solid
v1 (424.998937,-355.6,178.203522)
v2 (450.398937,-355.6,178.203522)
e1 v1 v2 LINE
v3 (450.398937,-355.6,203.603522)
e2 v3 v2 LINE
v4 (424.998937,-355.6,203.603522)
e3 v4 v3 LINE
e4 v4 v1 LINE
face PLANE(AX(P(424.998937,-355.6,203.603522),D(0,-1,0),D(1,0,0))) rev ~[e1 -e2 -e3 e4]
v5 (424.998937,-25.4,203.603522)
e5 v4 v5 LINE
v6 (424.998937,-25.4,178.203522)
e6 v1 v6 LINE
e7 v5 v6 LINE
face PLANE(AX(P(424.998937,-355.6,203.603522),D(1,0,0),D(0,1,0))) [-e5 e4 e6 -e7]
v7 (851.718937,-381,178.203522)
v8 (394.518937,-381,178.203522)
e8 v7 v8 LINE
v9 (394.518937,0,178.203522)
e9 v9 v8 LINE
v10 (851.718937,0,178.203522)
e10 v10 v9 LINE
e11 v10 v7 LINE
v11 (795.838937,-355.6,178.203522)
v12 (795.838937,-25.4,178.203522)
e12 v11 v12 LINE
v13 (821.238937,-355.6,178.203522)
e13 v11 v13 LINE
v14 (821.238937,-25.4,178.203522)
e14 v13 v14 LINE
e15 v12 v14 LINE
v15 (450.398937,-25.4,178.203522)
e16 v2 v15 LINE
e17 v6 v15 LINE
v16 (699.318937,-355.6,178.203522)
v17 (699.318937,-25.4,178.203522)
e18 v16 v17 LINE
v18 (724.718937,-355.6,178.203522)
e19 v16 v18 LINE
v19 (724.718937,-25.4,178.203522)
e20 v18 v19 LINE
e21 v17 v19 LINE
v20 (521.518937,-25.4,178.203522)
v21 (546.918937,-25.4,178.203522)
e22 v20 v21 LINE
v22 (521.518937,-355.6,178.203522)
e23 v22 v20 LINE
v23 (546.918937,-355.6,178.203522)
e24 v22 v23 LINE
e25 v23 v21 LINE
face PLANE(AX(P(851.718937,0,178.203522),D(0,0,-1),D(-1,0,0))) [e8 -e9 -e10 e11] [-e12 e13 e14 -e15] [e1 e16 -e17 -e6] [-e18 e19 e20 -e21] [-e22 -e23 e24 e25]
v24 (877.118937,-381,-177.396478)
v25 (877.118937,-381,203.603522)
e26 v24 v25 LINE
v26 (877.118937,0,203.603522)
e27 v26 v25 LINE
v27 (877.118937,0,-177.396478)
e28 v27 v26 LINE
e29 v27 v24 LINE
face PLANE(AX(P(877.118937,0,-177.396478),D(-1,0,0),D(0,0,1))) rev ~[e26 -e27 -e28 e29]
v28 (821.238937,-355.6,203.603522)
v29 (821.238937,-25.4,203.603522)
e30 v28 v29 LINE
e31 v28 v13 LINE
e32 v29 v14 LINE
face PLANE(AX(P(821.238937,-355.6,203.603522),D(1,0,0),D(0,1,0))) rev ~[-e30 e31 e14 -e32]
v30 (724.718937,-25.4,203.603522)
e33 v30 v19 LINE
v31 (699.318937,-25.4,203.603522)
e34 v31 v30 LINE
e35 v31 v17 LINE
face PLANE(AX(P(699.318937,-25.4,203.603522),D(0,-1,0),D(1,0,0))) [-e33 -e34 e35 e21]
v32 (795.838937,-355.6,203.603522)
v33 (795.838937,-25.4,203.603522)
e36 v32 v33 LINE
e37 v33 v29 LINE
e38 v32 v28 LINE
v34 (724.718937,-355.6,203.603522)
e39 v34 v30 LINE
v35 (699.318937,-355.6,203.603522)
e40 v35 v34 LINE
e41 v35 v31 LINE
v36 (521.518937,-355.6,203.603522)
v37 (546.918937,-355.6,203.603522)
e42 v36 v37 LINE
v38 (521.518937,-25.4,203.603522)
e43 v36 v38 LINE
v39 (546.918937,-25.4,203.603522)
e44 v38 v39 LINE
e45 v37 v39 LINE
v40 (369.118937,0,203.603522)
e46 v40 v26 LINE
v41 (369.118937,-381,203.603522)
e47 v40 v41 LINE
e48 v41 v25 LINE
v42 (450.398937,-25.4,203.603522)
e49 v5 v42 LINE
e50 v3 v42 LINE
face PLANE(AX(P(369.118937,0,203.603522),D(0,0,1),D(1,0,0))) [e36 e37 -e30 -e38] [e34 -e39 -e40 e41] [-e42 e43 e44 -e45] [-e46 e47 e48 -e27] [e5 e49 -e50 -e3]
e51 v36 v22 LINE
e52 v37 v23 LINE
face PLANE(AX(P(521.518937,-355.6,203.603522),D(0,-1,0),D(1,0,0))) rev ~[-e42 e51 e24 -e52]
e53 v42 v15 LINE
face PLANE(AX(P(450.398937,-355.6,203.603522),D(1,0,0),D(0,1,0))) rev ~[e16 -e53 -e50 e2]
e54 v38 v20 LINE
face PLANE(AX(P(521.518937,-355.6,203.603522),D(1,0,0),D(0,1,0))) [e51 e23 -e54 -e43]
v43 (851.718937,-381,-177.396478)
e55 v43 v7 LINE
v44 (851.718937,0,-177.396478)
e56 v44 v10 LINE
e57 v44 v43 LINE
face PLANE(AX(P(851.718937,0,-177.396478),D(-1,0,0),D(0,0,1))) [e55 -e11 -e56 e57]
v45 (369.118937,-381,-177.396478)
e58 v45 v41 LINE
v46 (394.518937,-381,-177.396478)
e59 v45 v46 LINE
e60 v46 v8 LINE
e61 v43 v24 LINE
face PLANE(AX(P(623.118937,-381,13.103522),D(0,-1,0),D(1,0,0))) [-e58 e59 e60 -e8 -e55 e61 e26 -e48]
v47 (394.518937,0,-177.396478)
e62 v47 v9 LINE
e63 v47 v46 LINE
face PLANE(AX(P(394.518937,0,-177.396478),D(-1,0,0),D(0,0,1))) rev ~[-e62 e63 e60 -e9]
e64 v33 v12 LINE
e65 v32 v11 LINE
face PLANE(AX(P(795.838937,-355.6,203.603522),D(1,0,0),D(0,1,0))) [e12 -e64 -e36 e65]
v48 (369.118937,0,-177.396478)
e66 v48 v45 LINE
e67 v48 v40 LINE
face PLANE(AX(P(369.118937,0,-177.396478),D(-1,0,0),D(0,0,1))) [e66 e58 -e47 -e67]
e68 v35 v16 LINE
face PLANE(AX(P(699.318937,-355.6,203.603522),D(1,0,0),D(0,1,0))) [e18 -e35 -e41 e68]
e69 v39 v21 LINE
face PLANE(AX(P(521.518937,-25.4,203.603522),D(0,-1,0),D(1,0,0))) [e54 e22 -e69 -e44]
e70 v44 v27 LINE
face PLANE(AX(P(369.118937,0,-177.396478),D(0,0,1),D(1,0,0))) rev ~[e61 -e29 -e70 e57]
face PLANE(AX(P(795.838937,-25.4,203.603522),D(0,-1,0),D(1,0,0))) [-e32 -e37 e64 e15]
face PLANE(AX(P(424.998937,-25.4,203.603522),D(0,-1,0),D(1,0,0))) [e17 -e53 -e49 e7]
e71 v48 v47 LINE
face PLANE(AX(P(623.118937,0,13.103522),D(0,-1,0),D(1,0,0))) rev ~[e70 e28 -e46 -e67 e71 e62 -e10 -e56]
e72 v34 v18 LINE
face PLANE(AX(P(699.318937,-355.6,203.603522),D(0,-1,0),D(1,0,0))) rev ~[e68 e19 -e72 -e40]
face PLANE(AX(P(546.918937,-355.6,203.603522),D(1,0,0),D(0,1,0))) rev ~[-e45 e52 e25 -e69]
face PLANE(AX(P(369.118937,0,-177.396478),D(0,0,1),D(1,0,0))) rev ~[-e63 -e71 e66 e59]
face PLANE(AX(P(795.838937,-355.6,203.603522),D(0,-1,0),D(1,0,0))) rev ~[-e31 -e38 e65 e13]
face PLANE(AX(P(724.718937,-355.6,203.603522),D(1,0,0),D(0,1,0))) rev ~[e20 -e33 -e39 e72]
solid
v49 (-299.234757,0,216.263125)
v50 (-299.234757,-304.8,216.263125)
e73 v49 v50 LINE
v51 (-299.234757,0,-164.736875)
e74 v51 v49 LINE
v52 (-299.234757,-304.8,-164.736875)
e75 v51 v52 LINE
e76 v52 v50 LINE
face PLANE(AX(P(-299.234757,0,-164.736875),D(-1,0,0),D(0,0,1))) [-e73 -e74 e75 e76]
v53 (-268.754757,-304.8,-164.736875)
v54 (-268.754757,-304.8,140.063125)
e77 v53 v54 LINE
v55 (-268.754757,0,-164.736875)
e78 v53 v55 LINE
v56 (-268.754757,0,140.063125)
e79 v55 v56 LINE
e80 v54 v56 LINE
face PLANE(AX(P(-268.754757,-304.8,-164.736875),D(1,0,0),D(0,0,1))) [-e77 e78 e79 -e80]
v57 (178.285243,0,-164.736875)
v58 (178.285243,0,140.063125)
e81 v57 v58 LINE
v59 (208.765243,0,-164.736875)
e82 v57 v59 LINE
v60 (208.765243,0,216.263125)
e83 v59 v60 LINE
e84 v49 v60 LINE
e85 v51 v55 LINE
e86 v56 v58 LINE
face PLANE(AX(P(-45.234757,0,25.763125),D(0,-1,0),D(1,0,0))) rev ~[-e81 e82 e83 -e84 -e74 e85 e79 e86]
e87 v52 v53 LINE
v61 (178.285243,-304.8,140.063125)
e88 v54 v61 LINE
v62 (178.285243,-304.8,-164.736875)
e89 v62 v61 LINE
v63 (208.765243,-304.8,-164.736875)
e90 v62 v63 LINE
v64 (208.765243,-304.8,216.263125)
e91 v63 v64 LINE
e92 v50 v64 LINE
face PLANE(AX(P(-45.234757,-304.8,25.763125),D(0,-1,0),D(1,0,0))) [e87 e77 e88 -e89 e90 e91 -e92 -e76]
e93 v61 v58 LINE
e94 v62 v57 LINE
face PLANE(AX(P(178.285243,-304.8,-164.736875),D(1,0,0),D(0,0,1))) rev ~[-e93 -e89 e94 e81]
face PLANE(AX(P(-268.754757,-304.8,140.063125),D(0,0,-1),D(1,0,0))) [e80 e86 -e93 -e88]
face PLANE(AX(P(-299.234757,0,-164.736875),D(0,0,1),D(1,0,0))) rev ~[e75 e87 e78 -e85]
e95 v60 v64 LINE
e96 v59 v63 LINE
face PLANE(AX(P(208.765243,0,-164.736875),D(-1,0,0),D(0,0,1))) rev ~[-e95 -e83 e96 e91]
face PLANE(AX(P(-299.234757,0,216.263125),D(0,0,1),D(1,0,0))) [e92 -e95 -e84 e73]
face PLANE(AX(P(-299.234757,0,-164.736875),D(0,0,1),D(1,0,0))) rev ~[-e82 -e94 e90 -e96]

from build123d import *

# Parameters (mm, degrees)
F0_W     = 508
F0_H     = 381
F1_DEPTH = 304.8
F2_W     = 447.04
F2_H     = 304.8
F3_DEPTH = 304.8
F4_W     = 508
F4_H     = 381
F5_DEPTH = 381
F6_W     = 457.2
F6_H     = 355.6
F7_DEPTH = 381
F8_W     = 25.4
F8_H     = 330.2
F9_DEPTH = 25.4


with BuildPart() as f1:
    # F0 (on Front) → F1 (new body)
    with BuildSketch(Plane.XZ):
        with Locations((-45.234757, 25.763125)):
            Rectangle(F0_W, F0_H)
    extrude(amount=F1_DEPTH)

    # F2 (on face) → F3 (cut)
    with BuildSketch(Plane.XZ.offset(304.8)):
        with Locations((-45.234757, -12.336875)):
            Rectangle(F2_W, F2_H)
    extrude(amount=-F3_DEPTH, mode=Mode.SUBTRACT)


with BuildPart() as f5:
    # F4 (on Front) → F5 (new body)
    with BuildSketch(Plane.XZ):
        with Locations((623.118937, 13.103522)):
            Rectangle(F4_W, F4_H)
    extrude(amount=F5_DEPTH)

    # F6 (on face) → F7 (cut)
    with BuildSketch(Plane(origin=(0, 0, 0), x_dir=(-1, 0, 0), z_dir=(0, 1, 0))):
        with Locations((-623.118937, 0.403522)):
            Rectangle(F6_W, F6_H)
    extrude(amount=-F7_DEPTH, mode=Mode.SUBTRACT)

    # F8 (on face) → F9 (cut)
    with BuildSketch(Plane.XY.offset(203.603522)):
        with Locations((437.698937, -190.5)):
            Rectangle(F8_W, F8_H)
        with Locations((534.218937, -190.5)):
            Rectangle(F8_W, F8_H)
        with Locations((712.018937, -190.5)):
            Rectangle(F8_W, F8_H)
        with Locations((808.538937, -190.5)):
            Rectangle(F8_W, F8_H)
    extrude(amount=-F9_DEPTH, mode=Mode.SUBTRACT)


solid = Compound([f1.part, f5.part])
